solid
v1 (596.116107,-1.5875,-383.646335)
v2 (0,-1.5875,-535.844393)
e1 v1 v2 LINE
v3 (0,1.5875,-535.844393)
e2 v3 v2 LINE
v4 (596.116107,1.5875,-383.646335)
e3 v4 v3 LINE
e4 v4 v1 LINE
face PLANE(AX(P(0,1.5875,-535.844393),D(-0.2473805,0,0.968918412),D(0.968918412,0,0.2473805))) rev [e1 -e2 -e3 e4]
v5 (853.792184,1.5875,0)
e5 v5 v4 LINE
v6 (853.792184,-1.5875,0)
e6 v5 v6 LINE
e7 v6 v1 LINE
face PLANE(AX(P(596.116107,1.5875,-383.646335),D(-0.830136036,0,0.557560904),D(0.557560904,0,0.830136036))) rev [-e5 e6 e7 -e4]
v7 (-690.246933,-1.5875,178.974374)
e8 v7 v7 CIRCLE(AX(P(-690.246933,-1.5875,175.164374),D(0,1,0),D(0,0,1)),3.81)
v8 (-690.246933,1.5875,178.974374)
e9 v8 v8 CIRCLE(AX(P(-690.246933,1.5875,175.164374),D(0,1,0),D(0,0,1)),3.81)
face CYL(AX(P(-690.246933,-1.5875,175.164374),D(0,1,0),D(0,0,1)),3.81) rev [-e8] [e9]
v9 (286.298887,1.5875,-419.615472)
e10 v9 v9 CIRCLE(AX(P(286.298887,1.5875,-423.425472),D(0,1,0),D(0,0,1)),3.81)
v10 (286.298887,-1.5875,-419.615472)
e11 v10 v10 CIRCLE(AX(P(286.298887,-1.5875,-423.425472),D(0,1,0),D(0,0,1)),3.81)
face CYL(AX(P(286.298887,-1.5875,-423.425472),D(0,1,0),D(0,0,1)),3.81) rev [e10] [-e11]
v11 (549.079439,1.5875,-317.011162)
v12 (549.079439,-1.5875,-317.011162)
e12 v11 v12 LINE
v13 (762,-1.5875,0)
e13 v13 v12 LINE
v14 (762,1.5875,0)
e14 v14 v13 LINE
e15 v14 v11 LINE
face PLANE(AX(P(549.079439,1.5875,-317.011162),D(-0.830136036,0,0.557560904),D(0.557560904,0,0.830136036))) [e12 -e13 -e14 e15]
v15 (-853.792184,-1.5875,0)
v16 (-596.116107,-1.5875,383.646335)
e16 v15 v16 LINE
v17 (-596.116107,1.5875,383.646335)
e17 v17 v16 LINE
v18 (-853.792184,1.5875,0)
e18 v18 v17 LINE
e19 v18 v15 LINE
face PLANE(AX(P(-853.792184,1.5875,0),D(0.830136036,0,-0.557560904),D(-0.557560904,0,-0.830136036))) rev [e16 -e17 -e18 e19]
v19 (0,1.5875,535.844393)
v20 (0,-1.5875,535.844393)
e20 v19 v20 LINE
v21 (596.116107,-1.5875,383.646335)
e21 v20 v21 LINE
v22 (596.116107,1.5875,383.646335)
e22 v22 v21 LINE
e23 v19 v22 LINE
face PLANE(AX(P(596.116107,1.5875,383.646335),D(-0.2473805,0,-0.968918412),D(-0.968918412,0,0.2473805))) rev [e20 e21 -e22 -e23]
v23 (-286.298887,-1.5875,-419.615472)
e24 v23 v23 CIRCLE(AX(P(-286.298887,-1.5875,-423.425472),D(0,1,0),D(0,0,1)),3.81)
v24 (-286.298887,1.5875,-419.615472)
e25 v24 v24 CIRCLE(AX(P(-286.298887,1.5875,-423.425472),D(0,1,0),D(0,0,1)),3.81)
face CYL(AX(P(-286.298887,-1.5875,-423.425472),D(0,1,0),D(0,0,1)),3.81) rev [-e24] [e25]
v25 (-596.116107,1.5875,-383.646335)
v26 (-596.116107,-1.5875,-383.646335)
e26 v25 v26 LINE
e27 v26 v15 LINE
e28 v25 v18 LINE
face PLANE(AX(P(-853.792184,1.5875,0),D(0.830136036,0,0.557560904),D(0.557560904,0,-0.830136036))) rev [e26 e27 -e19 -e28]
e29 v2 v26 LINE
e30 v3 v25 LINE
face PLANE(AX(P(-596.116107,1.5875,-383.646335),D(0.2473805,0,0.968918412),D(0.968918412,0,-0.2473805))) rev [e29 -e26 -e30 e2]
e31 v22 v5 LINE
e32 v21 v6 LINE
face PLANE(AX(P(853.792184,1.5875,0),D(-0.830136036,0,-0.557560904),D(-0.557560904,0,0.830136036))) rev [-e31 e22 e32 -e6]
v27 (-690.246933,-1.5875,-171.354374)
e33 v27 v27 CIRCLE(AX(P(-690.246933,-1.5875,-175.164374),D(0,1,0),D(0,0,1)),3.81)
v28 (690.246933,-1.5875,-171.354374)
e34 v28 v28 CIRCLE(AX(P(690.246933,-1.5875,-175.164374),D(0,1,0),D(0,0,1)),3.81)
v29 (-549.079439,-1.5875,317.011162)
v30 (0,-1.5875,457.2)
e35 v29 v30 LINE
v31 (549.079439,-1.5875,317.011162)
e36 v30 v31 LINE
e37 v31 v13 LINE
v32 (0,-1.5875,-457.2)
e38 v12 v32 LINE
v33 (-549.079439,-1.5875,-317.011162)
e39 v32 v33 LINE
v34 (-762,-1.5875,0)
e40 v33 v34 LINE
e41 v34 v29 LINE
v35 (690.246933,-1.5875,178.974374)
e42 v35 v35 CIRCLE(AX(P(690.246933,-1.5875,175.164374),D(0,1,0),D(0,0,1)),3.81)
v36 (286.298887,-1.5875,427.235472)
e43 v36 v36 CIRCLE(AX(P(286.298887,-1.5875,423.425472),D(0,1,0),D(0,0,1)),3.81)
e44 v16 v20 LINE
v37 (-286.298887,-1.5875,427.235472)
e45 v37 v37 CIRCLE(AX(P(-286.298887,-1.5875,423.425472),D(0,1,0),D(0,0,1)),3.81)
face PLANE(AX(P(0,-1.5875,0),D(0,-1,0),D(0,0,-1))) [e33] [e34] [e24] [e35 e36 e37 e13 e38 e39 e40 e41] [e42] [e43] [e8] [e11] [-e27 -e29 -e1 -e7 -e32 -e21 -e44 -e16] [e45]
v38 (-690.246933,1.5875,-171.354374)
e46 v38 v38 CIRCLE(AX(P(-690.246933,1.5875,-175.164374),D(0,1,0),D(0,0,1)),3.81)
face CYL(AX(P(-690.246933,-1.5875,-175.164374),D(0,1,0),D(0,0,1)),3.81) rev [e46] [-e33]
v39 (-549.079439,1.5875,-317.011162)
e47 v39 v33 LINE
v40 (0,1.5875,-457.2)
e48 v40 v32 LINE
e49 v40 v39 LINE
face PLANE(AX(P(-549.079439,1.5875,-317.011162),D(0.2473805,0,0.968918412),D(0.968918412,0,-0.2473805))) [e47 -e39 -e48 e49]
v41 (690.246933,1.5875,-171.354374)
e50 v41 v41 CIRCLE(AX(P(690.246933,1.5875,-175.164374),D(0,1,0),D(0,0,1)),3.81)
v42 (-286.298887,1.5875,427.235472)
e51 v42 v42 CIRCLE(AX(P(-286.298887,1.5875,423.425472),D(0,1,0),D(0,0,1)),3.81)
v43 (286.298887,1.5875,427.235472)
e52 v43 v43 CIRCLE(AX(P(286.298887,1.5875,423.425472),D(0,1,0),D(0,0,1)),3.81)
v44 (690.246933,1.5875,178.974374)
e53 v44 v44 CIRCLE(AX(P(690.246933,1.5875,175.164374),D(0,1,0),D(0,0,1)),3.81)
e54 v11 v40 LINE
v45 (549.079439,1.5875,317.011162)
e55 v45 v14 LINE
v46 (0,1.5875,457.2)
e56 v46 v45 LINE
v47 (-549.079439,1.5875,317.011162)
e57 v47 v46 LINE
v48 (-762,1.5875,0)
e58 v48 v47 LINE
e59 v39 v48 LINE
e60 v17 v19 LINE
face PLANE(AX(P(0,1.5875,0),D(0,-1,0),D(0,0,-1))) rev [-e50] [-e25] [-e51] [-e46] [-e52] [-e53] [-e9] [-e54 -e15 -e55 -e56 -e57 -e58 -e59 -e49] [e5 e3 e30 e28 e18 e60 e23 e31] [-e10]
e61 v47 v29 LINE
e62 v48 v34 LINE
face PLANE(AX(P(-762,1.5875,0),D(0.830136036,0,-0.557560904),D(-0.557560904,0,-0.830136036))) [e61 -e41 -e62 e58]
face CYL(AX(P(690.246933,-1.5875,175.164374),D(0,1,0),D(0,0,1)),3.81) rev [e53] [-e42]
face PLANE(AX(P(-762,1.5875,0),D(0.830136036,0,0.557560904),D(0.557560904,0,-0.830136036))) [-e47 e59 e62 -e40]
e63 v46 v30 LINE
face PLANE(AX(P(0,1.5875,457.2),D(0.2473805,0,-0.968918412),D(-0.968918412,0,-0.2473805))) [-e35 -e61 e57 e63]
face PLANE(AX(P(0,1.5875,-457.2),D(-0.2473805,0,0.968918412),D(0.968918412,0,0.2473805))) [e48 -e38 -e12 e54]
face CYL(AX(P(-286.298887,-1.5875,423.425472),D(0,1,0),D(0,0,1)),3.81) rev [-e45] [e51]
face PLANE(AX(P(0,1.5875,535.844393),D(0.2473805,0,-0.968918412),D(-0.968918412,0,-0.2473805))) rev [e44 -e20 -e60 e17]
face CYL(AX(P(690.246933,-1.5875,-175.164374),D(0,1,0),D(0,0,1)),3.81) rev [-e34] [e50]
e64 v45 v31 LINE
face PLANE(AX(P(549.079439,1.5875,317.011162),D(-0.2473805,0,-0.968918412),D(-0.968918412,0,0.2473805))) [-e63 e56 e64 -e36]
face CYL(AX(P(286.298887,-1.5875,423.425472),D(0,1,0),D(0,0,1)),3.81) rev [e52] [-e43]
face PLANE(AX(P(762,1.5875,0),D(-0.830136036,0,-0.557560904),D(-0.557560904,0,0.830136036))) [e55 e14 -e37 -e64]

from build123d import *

# Parameters (mm, degrees)
BOSS_EXTRUDE1_DEPTH     = 1.5875
SKETCH3_R               = 3.81
CUT_EXTRUDE1_DEPTH      = 2.5875
CUT_EXTRUDE1_DEPTH_BACK = 2.5875


with BuildPart() as part:
    # Sketch2 → Boss-Extrude1 (new body, symmetric)
    with BuildSketch(Plane(origin=(0, 0, 0), x_dir=(1, 0, 0), z_dir=(0, 1, 0))):
        Polygon((-596.116107134, 383.646334781), (0, 535.844392641), (596.116107134, 383.646334781), (853.792184287, 0), (596.116107134, -383.646334781), (0, -535.844392641), (-596.116107134, -383.646334781), (-853.792184287, 0), align=None)
        Polygon((-762, 0), (-549.079439398, 317.011162143), (0, 457.2), (549.079439398, 317.011162143), (762, 0), (549.079439398, -317.011162143), (0, -457.2), (-549.079439398, -317.011162143), align=None, mode=Mode.SUBTRACT)
    extrude(amount=BOSS_EXTRUDE1_DEPTH, both=True)

    # Sketch3 → Cut-Extrude1 (cut, two sides)
    with BuildSketch(Plane(origin=(0, 0, 0), x_dir=(1, 0, 0), z_dir=(0, 1, 0))) as cut_extrude1_sk:
        with Locations((690.246932705, 175.164374231)):
            Circle(SKETCH3_R)
        with Locations((690.246932705, -175.164374231)):
            Circle(SKETCH3_R)
        with Locations((-690.246932705, -175.164374231)):
            Circle(SKETCH3_R)
        with Locations((-690.246932705, 175.164374231)):
            Circle(SKETCH3_R)
        with Locations((-286.298886633, 423.425472391)):
            Circle(SKETCH3_R)
        with Locations((286.298886633, 423.425472391)):
            Circle(SKETCH3_R)
        with Locations((286.298886633, -423.425472391)):
            Circle(SKETCH3_R)
        with Locations((-286.298886633, -423.425472391)):
            Circle(SKETCH3_R)
    extrude(amount=CUT_EXTRUDE1_DEPTH, mode=Mode.SUBTRACT)
    extrude(cut_extrude1_sk.sketch, amount=-CUT_EXTRUDE1_DEPTH_BACK, mode=Mode.SUBTRACT)


solid = part.part
